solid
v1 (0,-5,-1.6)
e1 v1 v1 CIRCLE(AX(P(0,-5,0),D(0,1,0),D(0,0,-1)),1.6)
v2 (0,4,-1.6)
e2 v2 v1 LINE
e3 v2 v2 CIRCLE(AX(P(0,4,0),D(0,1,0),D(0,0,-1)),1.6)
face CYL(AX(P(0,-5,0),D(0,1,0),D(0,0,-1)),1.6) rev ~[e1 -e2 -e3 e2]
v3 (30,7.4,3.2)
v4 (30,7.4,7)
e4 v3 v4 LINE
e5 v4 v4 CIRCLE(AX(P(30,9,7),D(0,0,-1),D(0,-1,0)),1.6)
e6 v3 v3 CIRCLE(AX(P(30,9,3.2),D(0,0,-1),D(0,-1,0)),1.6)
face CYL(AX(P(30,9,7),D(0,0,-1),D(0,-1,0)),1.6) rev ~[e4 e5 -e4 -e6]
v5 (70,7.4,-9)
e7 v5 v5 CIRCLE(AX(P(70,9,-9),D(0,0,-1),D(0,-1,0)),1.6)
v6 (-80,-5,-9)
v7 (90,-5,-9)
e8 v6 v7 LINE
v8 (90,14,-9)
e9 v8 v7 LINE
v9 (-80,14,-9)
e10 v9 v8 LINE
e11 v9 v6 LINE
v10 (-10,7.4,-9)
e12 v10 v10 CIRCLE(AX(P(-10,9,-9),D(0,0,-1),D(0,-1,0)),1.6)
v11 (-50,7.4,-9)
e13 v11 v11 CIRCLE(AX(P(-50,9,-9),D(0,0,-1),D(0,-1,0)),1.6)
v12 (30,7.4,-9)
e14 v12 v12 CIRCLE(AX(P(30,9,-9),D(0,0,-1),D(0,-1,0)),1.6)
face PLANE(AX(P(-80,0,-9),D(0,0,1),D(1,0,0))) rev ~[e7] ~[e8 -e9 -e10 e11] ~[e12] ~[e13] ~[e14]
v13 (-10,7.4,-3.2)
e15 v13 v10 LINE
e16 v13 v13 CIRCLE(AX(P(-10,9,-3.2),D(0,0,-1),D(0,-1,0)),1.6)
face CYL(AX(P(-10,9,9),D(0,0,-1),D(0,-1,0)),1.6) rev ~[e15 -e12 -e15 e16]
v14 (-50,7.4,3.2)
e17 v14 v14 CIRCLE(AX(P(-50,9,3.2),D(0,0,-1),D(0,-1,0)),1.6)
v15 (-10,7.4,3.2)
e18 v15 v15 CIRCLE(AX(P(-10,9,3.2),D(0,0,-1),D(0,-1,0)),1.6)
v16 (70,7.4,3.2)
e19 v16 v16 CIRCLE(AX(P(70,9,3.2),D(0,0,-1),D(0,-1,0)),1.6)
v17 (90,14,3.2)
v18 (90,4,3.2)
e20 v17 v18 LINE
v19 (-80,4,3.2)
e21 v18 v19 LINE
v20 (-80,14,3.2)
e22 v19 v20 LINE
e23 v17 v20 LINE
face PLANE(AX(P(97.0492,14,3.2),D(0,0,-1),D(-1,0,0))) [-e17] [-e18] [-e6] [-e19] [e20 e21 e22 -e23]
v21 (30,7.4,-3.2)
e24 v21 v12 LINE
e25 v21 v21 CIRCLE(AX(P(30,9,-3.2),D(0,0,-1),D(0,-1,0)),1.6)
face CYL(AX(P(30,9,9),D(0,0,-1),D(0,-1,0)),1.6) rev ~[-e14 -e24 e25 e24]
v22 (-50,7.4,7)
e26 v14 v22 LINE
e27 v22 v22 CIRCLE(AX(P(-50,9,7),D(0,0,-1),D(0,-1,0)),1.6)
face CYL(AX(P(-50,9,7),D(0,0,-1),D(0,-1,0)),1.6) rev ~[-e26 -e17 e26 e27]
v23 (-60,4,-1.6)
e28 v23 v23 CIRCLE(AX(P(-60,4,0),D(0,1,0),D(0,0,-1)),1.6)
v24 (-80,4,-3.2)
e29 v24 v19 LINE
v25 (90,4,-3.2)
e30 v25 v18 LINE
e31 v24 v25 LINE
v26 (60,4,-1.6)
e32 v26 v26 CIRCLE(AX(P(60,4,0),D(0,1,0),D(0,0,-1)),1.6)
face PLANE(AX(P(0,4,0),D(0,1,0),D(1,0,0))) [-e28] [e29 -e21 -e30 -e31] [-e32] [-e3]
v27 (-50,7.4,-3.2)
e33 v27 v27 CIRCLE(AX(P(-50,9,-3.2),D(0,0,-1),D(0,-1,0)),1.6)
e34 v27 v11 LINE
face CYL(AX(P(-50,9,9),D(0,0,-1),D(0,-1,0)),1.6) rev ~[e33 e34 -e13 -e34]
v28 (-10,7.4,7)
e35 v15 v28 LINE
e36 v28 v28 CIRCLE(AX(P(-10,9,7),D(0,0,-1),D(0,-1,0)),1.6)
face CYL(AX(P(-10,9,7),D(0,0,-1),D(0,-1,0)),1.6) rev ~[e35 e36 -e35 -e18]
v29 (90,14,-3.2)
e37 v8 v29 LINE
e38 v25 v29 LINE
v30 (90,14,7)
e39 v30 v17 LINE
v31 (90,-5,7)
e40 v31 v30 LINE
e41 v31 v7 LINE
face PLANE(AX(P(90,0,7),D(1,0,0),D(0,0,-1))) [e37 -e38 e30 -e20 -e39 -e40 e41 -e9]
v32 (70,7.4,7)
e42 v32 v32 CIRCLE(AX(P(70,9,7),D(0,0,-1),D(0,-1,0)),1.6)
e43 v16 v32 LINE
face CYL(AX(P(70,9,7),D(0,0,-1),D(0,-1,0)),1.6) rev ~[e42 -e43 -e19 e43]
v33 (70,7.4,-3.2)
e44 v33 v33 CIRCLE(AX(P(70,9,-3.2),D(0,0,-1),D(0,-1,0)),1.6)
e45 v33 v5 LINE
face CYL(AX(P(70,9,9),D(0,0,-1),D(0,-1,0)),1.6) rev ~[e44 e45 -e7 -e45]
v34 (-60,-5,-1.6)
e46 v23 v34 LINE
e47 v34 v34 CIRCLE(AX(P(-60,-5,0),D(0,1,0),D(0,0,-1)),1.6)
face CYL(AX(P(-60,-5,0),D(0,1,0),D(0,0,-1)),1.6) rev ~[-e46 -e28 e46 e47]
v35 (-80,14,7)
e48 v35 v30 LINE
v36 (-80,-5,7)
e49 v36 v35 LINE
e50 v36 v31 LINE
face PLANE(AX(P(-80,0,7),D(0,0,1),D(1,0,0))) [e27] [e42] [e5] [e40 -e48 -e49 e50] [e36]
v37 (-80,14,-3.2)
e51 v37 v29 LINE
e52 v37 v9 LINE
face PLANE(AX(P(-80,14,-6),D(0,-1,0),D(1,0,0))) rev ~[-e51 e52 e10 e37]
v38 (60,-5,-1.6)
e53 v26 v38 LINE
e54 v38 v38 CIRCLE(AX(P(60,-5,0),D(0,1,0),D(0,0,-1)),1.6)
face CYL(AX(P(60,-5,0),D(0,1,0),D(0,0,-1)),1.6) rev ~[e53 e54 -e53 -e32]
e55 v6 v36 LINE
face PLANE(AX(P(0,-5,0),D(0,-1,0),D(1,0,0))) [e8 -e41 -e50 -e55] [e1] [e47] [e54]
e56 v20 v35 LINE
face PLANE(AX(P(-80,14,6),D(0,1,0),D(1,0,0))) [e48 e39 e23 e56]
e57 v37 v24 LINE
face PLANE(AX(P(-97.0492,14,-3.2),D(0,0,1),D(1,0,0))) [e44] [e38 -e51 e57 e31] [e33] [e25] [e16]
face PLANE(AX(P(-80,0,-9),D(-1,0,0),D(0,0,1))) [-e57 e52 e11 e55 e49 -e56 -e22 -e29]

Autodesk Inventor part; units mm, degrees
ref_plane "YZ Plane" through (0, 0, 0) normal (1, 0, 0) x (0, 1, 0)
ref_plane "XZ Plane" through (0, 0, 0) normal (0, 1, 0) x (-1, 0, 0)
ref_plane "XY Plane" through (0, 0, 0) normal (0, 0, 1) x (1, 0, 0)
sketch "スケッチ1" plane through (0, 0, 0) normal (0, 1, 0) x (-1, 0, 0)
  line L0 (-90, -3) -> (90, -3)
  line L1 (90, -3) -> (90, 3)
  line L2 (90, 3) -> (-90, 3)
  line L3 (-90, 3) -> (-90, -3)
  line L4 (-90, -3) -> (90, 3) construction
  line L5 (90, -3) -> (-90, 3) construction
  point P0 (0, 0)
  dimension "d0" = 180
  dimension "d1" = 6
extrude "押し出し1" add sketch "スケッチ1" along normal blind 17
sketch "スケッチ2" plane through (0, 0, 0) normal (0, -1, 0) x (1, 0, 0)
  line L0 (-90, 3) -> (90, 3) projected
  line L1 (90, 3) -> (-80, 3)
  line L2 (-80, 3) -> (-80, 9)
  line L3 (-80, 9) -> (90, 9)
  line L4 (90, 9) -> (90, 3)
  line L5 (90, 3) -> (90, -3) projected
  line L6 (90, -3) -> (-80, -3)
  line L7 (-80, -3) -> (-80, -6)
  line L8 (-80, -6) -> (90, -6)
  line L9 (90, -6) -> (90, -3)
  point P0 (0, 0)
  dimension "d4" = 170
  dimension "d5" = 6
  dimension "d6" = 170
  dimension "d7" = 3
extrude "押し出し2" add sketch "スケッチ2" against normal blind 14
sketch "スケッチ3" plane through (0, 17, 0) normal (0, 1, 0) x (1, 0, 0)
  line L0 (-90, 3) -> (-90, -3) projected
  line L1 (90, -3) -> (90, 3) projected
  line L2 (-90, 3) -> (90, 3)
  line L3 (90, 3) -> (90, -3)
  line L4 (90, -3) -> (-90, -3)
  line L5 (-90, -3) -> (-90, 3)
  point P0 (0, 0)
extrude "押し出し3" cut sketch "スケッチ3" against normal blind 13
sketch "スケッチ4" plane through (0, 4, 0) normal (0, 1, 0) x (1, 0, 0)
  line L0 (-90, -3) -> (-90, 3) projected
  line L1 (-80, 6) -> (-80, 3) projected
  line L2 (-90, -3) -> (-80, -3)
  line L3 (-80, -3) -> (-80, 3)
  line L4 (-80, 3) -> (-90, 3)
  line L5 (-90, 3) -> (-90, -3)
  point P0 (0, 0)
extrude "押し出し4" cut sketch "スケッチ4" against normal blind 13
sketch "スケッチ5" plane through (0, 14, 0) normal (0, 1, 0) x (1, 0, 0)
  line L0 (97.0492, -3.2) -> (-97.0492, -3.2)
  line L1 (-97.0492, -3.2) -> (-97.0492, 3.2)
  line L2 (-97.0492, 3.2) -> (97.0492, 3.2)
  line L3 (97.0492, 3.2) -> (97.0492, -3.2)
  line L4 (97.0492, -3.2) -> (-97.0492, 3.2) construction
  line L5 (-97.0492, -3.2) -> (97.0492, 3.2) construction
  point P0 (0, 0)
  dimension "d14" = 6.4
extrude "押し出し5" cut sketch "スケッチ5" against normal blind 10
sketch "スケッチ6" plane through (-80, 0, 9) normal (0, 0, 1) x (1, 0, 0)
  line L0 (0, 14) -> (170, 14) projected
  line L1 (170, 0) -> (170, 14) projected
  point P0 (80, 0)
  point P1 (150, 9)
  point P2 (110, 9)
  point P3 (70, 9)
  point P4 (30, 9)
  dimension "d17" = 5
  dimension "d18" = 20
  dimension "d19" = 40
  dimension "d20" = 5
  dimension "d21" = 40
  dimension "d22" = 40
hole "穴1" at (70, 9, 9) at (30, 9, 9) at (-10, 9, 9) at (-50, 9, 9) direction (0, 0, -1) diameter 3.2 end through all
sketch "スケッチ7" plane through (0, 0, 0) normal (0, -1, 0) x (1, 0, 0)
  line L0 (-80, -6) -> (90, -6) projected
  line L1 (90, -6) -> (90, 9) projected
  line L2 (-80, -3.2) -> (90, -3.2) projected
  point P0 (0, 0)
  point P1 (60, 0)
  point P2 (0, 0)
  point P3 (-60, 0)
  dimension "d30" = 6
  dimension "d31" = 30
  dimension "d32" = 60
hole "穴2" at (60, 0, 0) at (0, 0, 0) at (-60, 0, 0) direction (0, 1, 0) diameter 3.2 end through all
sketch "スケッチ8" plane through (90, 0, -6) normal (0, 0, -1) x (-1, 0, 0)
  line L0 (170, 0) -> (170, 14) projected
  line L1 (0, 0) -> (170, 0)
  line L2 (170, 0) -> (170, 14)
  line L3 (170, 14) -> (0, 14)
  line L4 (0, 14) -> (0, 0)
  point P0 (90, 0)
extrude "押し出し6" add sketch "スケッチ8" along normal blind 3
sketch "スケッチ10" plane through (-80, 0, 9) normal (0, 0, 1) x (1, 0, 0)
  circle A0 centre (150, 9) radius 1.6 projected
  circle A1 centre (110, 9) radius 1.6 projected
  circle A2 centre (70, 9) radius 1.6 projected
  circle A3 centre (30, 9) radius 1.6 projected
  point P0 (80, 0)
hole "穴3" at (70, 9, 9) at (30, 9, 9) at (-10, 9, 9) at (-50, 9, 9) direction (0, 0, -1) diameter 3.2 end through all
sketch "スケッチ11" plane through (0, 14, 0) normal (0, 1, 0) x (1, 0, 0)
  line L0 (-80, -9) -> (90, -9) projected
  line L1 (-80, -9) -> (90, -9)
  line L2 (90, -9) -> (90, -6)
  line L3 (90, -6) -> (-80, -6)
  line L4 (-80, -6) -> (-80, -9)
  point P0 (0, 0)
  dimension "d49" = 170
  dimension "d50" = 3
extrude "押し出し7" cut sketch "スケッチ11" against normal blind 40
sketch "スケッチ12" plane through (-80, 14, 6) normal (0, 0, 1) x (1, 0, 0)
  line L0 (0, 0) -> (170, 0) projected
  line L1 (0, 0) -> (170, 0)
  line L2 (170, 0) -> (170, -14)
  line L3 (170, -14) -> (0, -14)
  line L4 (0, -14) -> (0, 0)
  point P0 (80, -14)
extrude "押し出し8" add sketch "スケッチ12" along normal blind 1
sketch "スケッチ13" plane through (0, 14, 0) normal (0, 1, 0) x (1, 0, 0)
  point P0 (0, 0)
sketch "スケッチ14" plane through (-80, 14, 7) normal (0, 0, 1) x (1, 0, 0)
  circle A0 centre (30, -5) radius 1.6 projected
  circle A1 centre (70, -5) radius 1.6 projected
  circle A2 centre (110, -5) radius 1.6 projected
  circle A3 centre (150, -5) radius 1.6 projected
  point P0 (80, -14)
hole "穴4" at (-50, 9, 7) at (-10, 9, 7) at (30, 9, 7) at (70, 9, 7) direction (0, 0, -1) diameter 3.2 depth 10
sketch "スケッチ15" plane through (0, 0, 0) normal (0, -1, 0) x (1, 0, 0)
  line L0 (-80, -9) -> (90, -9) projected
  line L1 (-80, 7) -> (90, 7)
  line L2 (90, 7) -> (90, -9)
  line L3 (90, -9) -> (-80, -9)
  line L4 (-80, -9) -> (-80, 7)
  point P0 (0, 0)
extrude "押し出し9" add sketch "スケッチ15" along normal blind 5
sketch "スケッチ16" plane through (0, -5, 0) normal (0, -1, 0) x (1, 0, 0)
  circle A0 centre (0, 0) radius 1.6 projected
  circle A1 centre (-60, 0) radius 1.6 projected
  circle A2 centre (60, 0) radius 1.6 projected
hole "穴5" at (60, -5, 0) at (0, -5, 0) at (-60, -5, 0) direction (0, 1, 0) diameter 3.2 depth 10
properties part number "lock2"
